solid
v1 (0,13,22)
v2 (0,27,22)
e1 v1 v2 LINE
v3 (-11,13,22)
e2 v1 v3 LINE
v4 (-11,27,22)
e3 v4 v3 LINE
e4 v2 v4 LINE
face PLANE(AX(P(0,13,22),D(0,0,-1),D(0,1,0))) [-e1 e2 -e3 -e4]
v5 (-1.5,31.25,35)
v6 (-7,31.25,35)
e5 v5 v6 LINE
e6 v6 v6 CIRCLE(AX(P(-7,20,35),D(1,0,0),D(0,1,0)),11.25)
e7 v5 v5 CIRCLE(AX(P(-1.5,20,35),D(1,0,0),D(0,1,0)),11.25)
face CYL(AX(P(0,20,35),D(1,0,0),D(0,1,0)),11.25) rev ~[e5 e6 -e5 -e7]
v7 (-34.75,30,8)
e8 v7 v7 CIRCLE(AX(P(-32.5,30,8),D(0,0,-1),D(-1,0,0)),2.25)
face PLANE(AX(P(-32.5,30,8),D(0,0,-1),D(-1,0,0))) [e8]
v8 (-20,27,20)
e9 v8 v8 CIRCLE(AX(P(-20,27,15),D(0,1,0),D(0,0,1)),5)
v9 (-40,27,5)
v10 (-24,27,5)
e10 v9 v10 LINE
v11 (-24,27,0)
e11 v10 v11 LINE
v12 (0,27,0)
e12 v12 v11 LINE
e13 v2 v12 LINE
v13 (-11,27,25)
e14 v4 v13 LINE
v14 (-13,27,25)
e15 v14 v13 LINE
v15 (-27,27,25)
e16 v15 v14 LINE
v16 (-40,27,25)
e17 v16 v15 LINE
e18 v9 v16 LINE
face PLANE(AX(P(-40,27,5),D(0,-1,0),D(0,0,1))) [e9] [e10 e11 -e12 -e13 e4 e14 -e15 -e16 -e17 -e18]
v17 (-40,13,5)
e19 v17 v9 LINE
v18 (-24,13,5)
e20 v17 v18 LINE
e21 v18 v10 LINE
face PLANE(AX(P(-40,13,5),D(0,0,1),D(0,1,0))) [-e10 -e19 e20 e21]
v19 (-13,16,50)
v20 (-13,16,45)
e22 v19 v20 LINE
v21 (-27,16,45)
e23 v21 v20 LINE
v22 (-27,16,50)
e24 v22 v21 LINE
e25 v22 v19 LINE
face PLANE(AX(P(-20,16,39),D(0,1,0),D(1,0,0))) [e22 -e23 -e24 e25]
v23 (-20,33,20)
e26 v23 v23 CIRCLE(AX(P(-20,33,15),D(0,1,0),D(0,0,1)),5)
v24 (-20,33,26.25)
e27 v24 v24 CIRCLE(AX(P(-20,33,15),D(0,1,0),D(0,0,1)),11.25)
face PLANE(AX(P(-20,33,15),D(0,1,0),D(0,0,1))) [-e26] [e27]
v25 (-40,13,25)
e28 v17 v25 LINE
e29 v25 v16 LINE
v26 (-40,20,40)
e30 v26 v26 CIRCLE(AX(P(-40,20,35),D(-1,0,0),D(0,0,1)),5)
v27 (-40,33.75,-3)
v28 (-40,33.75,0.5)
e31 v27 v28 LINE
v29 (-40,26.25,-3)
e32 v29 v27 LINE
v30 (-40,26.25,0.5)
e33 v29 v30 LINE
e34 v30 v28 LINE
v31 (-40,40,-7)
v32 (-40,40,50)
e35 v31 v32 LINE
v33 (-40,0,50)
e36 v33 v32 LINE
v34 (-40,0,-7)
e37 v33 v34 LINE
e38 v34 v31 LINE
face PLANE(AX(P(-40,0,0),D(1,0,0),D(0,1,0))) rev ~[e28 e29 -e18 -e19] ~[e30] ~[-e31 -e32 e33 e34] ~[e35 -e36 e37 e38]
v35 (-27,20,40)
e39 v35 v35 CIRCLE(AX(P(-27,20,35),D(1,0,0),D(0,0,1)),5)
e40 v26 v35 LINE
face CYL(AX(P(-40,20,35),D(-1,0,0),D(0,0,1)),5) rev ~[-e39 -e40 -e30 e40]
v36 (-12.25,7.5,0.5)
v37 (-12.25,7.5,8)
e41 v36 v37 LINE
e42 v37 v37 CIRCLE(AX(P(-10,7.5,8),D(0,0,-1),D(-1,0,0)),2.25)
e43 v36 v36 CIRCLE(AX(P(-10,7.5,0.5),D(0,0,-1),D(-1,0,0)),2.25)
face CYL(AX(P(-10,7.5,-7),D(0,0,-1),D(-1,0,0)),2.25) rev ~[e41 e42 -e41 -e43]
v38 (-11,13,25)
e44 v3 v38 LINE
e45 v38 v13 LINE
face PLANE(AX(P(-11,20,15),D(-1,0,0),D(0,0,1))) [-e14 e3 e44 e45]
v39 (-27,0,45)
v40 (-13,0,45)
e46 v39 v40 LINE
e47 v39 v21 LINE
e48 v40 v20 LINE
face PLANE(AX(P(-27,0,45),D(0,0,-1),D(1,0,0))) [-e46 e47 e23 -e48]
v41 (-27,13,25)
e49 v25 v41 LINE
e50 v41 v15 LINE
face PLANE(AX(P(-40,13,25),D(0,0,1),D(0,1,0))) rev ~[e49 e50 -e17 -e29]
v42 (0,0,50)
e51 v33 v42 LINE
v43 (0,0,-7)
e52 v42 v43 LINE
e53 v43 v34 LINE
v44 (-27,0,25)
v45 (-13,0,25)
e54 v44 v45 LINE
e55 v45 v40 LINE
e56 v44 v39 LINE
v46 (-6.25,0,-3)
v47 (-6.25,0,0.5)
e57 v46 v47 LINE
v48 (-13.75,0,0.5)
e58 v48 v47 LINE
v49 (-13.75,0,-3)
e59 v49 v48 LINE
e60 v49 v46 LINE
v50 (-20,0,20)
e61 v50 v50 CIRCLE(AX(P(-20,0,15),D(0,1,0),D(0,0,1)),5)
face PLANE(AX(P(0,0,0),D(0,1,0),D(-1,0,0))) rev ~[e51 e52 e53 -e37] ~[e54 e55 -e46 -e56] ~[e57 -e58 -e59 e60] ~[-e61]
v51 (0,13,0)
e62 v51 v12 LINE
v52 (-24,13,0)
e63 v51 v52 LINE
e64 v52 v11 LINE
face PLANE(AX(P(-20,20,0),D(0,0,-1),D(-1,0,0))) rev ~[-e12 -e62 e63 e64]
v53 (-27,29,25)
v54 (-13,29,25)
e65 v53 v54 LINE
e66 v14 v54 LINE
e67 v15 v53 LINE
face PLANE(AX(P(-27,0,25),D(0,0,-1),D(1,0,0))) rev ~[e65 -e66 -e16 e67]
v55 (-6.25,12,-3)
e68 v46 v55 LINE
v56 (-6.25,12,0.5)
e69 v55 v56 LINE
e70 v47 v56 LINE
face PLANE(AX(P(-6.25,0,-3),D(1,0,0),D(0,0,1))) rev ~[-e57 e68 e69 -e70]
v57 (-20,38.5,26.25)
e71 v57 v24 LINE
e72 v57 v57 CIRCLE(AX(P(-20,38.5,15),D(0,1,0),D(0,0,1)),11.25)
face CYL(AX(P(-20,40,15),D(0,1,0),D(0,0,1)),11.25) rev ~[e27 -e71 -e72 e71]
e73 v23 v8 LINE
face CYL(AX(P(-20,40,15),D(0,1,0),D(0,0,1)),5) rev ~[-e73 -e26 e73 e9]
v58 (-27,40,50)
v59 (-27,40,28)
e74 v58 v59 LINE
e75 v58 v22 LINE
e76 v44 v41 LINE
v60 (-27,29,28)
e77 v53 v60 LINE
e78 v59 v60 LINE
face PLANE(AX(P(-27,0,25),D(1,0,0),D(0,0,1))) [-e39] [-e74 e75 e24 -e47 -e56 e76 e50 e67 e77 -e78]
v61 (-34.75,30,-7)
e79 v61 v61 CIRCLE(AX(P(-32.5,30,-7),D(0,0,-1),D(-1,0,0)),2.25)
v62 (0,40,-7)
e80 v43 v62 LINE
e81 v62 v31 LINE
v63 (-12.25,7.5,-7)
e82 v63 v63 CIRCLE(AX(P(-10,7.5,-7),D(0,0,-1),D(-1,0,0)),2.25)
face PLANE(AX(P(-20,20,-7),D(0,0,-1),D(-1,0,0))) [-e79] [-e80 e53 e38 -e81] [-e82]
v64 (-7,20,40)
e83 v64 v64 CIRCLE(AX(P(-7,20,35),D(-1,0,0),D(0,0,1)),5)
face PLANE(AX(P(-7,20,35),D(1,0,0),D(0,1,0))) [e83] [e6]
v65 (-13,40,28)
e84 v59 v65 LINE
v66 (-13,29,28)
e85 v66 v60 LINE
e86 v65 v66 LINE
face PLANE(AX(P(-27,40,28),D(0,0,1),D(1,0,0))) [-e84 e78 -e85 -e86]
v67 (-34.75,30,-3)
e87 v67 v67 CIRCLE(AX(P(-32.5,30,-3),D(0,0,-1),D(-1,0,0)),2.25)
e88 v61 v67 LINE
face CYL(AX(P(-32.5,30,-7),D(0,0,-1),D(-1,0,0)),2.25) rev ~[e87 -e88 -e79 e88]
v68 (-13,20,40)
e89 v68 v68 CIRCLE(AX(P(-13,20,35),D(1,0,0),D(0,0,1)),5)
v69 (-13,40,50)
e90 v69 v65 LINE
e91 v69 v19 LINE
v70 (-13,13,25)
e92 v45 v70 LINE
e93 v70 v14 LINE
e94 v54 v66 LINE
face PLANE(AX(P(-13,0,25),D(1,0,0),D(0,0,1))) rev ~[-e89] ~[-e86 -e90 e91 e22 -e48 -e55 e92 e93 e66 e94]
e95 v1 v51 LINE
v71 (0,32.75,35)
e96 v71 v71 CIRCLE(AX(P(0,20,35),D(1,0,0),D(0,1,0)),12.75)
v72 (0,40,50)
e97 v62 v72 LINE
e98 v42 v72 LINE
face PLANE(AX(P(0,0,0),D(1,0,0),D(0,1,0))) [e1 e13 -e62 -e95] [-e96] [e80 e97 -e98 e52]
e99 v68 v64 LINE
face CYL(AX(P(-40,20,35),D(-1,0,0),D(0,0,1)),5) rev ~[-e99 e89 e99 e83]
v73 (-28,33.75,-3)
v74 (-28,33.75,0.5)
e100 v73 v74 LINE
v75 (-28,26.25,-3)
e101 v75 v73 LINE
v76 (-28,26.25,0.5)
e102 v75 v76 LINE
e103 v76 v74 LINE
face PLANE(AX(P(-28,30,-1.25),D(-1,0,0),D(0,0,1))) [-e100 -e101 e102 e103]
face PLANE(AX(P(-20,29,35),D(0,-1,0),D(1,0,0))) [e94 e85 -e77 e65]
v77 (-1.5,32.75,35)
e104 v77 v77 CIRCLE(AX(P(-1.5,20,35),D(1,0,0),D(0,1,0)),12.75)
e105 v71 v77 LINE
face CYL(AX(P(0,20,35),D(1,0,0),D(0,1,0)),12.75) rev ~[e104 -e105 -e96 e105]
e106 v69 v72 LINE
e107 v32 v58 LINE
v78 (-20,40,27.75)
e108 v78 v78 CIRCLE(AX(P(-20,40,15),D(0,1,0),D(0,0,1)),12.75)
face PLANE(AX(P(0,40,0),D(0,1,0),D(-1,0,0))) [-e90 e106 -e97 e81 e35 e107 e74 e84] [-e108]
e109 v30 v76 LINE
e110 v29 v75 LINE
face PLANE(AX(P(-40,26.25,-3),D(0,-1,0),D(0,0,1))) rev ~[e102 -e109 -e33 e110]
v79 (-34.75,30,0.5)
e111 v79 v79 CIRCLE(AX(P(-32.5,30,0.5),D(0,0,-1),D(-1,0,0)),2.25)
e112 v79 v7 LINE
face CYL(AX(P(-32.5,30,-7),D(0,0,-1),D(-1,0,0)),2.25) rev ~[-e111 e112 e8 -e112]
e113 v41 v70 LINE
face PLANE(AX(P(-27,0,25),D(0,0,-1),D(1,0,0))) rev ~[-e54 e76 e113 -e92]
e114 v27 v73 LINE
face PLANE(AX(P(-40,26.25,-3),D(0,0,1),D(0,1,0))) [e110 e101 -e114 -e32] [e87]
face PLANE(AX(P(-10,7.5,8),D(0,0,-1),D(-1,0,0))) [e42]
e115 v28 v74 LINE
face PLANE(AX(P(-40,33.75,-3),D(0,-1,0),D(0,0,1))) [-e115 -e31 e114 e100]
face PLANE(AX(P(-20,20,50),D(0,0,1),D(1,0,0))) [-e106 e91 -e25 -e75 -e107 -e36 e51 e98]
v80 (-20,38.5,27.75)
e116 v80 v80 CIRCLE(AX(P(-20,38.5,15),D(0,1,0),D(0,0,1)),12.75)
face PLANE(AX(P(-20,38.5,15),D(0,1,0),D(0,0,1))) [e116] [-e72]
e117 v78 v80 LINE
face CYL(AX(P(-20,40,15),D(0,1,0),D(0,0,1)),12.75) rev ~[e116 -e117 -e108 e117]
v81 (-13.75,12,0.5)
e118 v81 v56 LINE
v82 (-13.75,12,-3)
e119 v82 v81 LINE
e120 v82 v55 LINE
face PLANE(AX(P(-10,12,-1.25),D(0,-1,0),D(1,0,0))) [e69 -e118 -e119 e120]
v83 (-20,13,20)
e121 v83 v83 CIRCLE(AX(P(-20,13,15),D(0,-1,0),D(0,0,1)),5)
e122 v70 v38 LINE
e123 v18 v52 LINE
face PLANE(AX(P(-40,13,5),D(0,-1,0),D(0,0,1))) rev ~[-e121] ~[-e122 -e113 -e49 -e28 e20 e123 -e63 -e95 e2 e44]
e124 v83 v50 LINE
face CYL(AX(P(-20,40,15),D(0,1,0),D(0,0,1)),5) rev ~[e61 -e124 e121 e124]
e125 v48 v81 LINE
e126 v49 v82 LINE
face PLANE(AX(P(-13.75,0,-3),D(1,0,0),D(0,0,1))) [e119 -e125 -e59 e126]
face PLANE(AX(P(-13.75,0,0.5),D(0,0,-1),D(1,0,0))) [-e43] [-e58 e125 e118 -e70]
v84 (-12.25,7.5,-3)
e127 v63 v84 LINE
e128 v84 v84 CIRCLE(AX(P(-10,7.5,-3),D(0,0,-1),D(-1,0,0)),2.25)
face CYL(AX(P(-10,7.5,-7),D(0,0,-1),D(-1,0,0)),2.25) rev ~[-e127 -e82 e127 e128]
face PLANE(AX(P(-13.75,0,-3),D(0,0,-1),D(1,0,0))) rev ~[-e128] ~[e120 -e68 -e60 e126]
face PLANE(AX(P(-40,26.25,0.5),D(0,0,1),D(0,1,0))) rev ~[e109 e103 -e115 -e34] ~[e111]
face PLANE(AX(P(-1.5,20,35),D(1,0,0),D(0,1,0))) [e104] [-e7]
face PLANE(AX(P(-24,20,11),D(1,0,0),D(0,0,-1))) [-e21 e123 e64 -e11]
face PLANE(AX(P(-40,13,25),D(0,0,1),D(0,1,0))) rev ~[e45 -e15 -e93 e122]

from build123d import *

# Parameters (mm, degrees)
ESQUISSE1_W              = 40
ESQUISSE1_H              = 40
BOSS_EXTRU_1_DEPTH       = 50
ESQUISSE2_R              = 5
ENL_V_MAT_EXTRU_1_DEPTH  = 41
ESQUISSE3_R              = 5
ENL_V_MAT_EXTRU_2_DEPTH  = 41
ESQUISSE4_W              = 20
ESQUISSE4_H              = 14
ENL_V_MAT_EXTRU_3_DEPTH  = 29
ESQUISSE5_W              = 14
ESQUISSE5_H              = 20
ENL_V_MAT_EXTRU_4_DEPTH  = 29
ESQUISSE6_W              = 22
ESQUISSE6_H              = 14
ENL_V_MAT_EXTRU_5_DEPTH  = 24
ESQUISSE7_W              = 14
ESQUISSE7_H              = 22
ENL_V_MAT_EXTRU_6_DEPTH  = 24
ESQUISSE8_R              = 11.25
ENL_V_MAT_EXTRU_7_DEPTH  = 7
ESQUISSE9_R              = 12.75
ENL_V_MAT_EXTRU_8_DEPTH  = 1.5
ESQUISSE10_R             = 11.25
ENL_V_MAT_EXTRU_9_DEPTH  = 7
ESQUISSE11_R             = 12.75
ENL_V_MAT_EXTRU_10_DEPTH = 1.5
ESQUISSE12_W             = 40
ESQUISSE12_H             = 40
BOSS_EXTRU_2_DEPTH       = 7
ESQUISSE13_R             = 2.25
ENL_V_MAT_EXTRU_11_DEPTH = 15
ESQUISSE14_W             = 3.5
ESQUISSE14_H             = 7.5
ENL_V_MAT_EXTRU_12_DEPTH = 12
ESQUISSE15_W             = 7.5
ESQUISSE15_H             = 3.5
ENL_V_MAT_EXTRU_13_DEPTH = 12


with BuildPart() as part:
    # Esquisse1 → Boss.-Extru.1 (new body)
    with BuildSketch(Plane.XY):
        with Locations((-20, 20)):
            Rectangle(ESQUISSE1_W, ESQUISSE1_H)
    extrude(amount=BOSS_EXTRU_1_DEPTH)

    # Esquisse2 → Enlèv. mat.-Extru.1 (cut, through all)
    with BuildSketch(Plane(origin=(0, 40, 0), x_dir=(1, 0, 0), z_dir=(0, 1, 0))):
        with Locations(Location((-20, -15, 0), (0, 0, 270))):  # turned: the seam where the file's is
            Circle(ESQUISSE2_R)
    extrude(amount=-ENL_V_MAT_EXTRU_1_DEPTH, mode=Mode.SUBTRACT)

    # Esquisse3 → Enlèv. mat.-Extru.2 (cut, through all)
    with BuildSketch(Plane.ZY.offset(40)):
        with Locations((35, 20)):
            Circle(ESQUISSE3_R)
    extrude(amount=-ENL_V_MAT_EXTRU_2_DEPTH, mode=Mode.SUBTRACT)

    # Esquisse4 → Enlèv. mat.-Extru.3 (cut)
    with BuildSketch(Plane.ZY.offset(40)):
        with Locations((15, 20)):
            Rectangle(ESQUISSE4_W, ESQUISSE4_H)
    extrude(amount=-ENL_V_MAT_EXTRU_3_DEPTH, mode=Mode.SUBTRACT)

    # Esquisse5 → Enlèv. mat.-Extru.4 (cut)
    with BuildSketch(Plane.XZ):
        with Locations((-20, 35)):
            Rectangle(ESQUISSE5_W, ESQUISSE5_H)
    extrude(amount=-ENL_V_MAT_EXTRU_4_DEPTH, mode=Mode.SUBTRACT)

    # Esquisse6 → Enlèv. mat.-Extru.5 (cut)
    with BuildSketch(Plane(origin=(0, 0, 0), x_dir=(0, 0, -1), z_dir=(1, 0, 0))):
        with Locations((-11, 20)):
            Rectangle(ESQUISSE6_W, ESQUISSE6_H)
    extrude(amount=-ENL_V_MAT_EXTRU_5_DEPTH, mode=Mode.SUBTRACT)

    # Esquisse7 → Enlèv. mat.-Extru.6 (cut)
    with BuildSketch(Plane(origin=(0, 40, 0), x_dir=(1, 0, 0), z_dir=(0, 1, 0))):
        with Locations((-20, -39)):
            Rectangle(ESQUISSE7_W, ESQUISSE7_H)
    extrude(amount=-ENL_V_MAT_EXTRU_6_DEPTH, mode=Mode.SUBTRACT)

    # Esquisse8 → Enlèv. mat.-Extru.7 (cut)
    with BuildSketch(Plane(origin=(0, 0, 0), x_dir=(0, 0, -1), z_dir=(1, 0, 0))):
        with Locations(Location((-35, 20, 0), (0, 0, 90))):  # turned: the seam where the file's is
            Circle(ESQUISSE8_R)
    extrude(amount=-ENL_V_MAT_EXTRU_7_DEPTH, mode=Mode.SUBTRACT)

    # Esquisse9 → Enlèv. mat.-Extru.8 (cut)
    with BuildSketch(Plane(origin=(0, 0, 0), x_dir=(0, 0, -1), z_dir=(1, 0, 0))):
        with Locations(Location((-35, 20, 0), (0, 0, 90))):  # turned: the seam where the file's is
            Circle(ESQUISSE9_R)
    extrude(amount=-ENL_V_MAT_EXTRU_8_DEPTH, mode=Mode.SUBTRACT)

    # Esquisse10 → Enlèv. mat.-Extru.9 (cut)
    with BuildSketch(Plane(origin=(0, 40, 0), x_dir=(1, 0, 0), z_dir=(0, 1, 0))):
        with Locations(Location((-20, -15, 0), (0, 0, 270))):  # turned: the seam where the file's is
            Circle(ESQUISSE10_R)
    extrude(amount=-ENL_V_MAT_EXTRU_9_DEPTH, mode=Mode.SUBTRACT)

    # Esquisse11 → Enlèv. mat.-Extru.10 (cut)
    with BuildSketch(Plane(origin=(0, 40, 0), x_dir=(1, 0, 0), z_dir=(0, 1, 0))):
        with Locations(Location((-20, -15, 0), (0, 0, 270))):  # turned: the seam where the file's is
            Circle(ESQUISSE11_R)
    extrude(amount=-ENL_V_MAT_EXTRU_10_DEPTH, mode=Mode.SUBTRACT)

    # Esquisse12 → Boss.-Extru.2 (add)
    with BuildSketch(Plane(origin=(0, 0, 0), x_dir=(-1, 0, 0), z_dir=(0, 0, -1))):
        with Locations((20, 20)):
            Rectangle(ESQUISSE12_W, ESQUISSE12_H)
    extrude(amount=BOSS_EXTRU_2_DEPTH)

    # Esquisse13 → Enlèv. mat.-Extru.11 (cut)
    with BuildSketch(Plane(origin=(0, 0, -7), x_dir=(-1, 0, 0), z_dir=(0, 0, -1))):
        with Locations((10, 7.5)):
            Circle(ESQUISSE13_R)
        with Locations((32.5, 30)):
            Circle(ESQUISSE13_R)
    extrude(amount=-ENL_V_MAT_EXTRU_11_DEPTH, mode=Mode.SUBTRACT)

    # Esquisse14 → Enlèv. mat.-Extru.12 (cut)
    with BuildSketch(Plane.ZY.offset(40)):
        with Locations((-1.25, 30)):
            Rectangle(ESQUISSE14_W, ESQUISSE14_H)
    extrude(amount=-ENL_V_MAT_EXTRU_12_DEPTH, mode=Mode.SUBTRACT)

    # Esquisse15 → Enlèv. mat.-Extru.13 (cut)
    with BuildSketch(Plane.XZ):
        with Locations((-10, -1.25)):
            Rectangle(ESQUISSE15_W, ESQUISSE15_H)
    extrude(amount=-ENL_V_MAT_EXTRU_13_DEPTH, mode=Mode.SUBTRACT)


solid = part.part
